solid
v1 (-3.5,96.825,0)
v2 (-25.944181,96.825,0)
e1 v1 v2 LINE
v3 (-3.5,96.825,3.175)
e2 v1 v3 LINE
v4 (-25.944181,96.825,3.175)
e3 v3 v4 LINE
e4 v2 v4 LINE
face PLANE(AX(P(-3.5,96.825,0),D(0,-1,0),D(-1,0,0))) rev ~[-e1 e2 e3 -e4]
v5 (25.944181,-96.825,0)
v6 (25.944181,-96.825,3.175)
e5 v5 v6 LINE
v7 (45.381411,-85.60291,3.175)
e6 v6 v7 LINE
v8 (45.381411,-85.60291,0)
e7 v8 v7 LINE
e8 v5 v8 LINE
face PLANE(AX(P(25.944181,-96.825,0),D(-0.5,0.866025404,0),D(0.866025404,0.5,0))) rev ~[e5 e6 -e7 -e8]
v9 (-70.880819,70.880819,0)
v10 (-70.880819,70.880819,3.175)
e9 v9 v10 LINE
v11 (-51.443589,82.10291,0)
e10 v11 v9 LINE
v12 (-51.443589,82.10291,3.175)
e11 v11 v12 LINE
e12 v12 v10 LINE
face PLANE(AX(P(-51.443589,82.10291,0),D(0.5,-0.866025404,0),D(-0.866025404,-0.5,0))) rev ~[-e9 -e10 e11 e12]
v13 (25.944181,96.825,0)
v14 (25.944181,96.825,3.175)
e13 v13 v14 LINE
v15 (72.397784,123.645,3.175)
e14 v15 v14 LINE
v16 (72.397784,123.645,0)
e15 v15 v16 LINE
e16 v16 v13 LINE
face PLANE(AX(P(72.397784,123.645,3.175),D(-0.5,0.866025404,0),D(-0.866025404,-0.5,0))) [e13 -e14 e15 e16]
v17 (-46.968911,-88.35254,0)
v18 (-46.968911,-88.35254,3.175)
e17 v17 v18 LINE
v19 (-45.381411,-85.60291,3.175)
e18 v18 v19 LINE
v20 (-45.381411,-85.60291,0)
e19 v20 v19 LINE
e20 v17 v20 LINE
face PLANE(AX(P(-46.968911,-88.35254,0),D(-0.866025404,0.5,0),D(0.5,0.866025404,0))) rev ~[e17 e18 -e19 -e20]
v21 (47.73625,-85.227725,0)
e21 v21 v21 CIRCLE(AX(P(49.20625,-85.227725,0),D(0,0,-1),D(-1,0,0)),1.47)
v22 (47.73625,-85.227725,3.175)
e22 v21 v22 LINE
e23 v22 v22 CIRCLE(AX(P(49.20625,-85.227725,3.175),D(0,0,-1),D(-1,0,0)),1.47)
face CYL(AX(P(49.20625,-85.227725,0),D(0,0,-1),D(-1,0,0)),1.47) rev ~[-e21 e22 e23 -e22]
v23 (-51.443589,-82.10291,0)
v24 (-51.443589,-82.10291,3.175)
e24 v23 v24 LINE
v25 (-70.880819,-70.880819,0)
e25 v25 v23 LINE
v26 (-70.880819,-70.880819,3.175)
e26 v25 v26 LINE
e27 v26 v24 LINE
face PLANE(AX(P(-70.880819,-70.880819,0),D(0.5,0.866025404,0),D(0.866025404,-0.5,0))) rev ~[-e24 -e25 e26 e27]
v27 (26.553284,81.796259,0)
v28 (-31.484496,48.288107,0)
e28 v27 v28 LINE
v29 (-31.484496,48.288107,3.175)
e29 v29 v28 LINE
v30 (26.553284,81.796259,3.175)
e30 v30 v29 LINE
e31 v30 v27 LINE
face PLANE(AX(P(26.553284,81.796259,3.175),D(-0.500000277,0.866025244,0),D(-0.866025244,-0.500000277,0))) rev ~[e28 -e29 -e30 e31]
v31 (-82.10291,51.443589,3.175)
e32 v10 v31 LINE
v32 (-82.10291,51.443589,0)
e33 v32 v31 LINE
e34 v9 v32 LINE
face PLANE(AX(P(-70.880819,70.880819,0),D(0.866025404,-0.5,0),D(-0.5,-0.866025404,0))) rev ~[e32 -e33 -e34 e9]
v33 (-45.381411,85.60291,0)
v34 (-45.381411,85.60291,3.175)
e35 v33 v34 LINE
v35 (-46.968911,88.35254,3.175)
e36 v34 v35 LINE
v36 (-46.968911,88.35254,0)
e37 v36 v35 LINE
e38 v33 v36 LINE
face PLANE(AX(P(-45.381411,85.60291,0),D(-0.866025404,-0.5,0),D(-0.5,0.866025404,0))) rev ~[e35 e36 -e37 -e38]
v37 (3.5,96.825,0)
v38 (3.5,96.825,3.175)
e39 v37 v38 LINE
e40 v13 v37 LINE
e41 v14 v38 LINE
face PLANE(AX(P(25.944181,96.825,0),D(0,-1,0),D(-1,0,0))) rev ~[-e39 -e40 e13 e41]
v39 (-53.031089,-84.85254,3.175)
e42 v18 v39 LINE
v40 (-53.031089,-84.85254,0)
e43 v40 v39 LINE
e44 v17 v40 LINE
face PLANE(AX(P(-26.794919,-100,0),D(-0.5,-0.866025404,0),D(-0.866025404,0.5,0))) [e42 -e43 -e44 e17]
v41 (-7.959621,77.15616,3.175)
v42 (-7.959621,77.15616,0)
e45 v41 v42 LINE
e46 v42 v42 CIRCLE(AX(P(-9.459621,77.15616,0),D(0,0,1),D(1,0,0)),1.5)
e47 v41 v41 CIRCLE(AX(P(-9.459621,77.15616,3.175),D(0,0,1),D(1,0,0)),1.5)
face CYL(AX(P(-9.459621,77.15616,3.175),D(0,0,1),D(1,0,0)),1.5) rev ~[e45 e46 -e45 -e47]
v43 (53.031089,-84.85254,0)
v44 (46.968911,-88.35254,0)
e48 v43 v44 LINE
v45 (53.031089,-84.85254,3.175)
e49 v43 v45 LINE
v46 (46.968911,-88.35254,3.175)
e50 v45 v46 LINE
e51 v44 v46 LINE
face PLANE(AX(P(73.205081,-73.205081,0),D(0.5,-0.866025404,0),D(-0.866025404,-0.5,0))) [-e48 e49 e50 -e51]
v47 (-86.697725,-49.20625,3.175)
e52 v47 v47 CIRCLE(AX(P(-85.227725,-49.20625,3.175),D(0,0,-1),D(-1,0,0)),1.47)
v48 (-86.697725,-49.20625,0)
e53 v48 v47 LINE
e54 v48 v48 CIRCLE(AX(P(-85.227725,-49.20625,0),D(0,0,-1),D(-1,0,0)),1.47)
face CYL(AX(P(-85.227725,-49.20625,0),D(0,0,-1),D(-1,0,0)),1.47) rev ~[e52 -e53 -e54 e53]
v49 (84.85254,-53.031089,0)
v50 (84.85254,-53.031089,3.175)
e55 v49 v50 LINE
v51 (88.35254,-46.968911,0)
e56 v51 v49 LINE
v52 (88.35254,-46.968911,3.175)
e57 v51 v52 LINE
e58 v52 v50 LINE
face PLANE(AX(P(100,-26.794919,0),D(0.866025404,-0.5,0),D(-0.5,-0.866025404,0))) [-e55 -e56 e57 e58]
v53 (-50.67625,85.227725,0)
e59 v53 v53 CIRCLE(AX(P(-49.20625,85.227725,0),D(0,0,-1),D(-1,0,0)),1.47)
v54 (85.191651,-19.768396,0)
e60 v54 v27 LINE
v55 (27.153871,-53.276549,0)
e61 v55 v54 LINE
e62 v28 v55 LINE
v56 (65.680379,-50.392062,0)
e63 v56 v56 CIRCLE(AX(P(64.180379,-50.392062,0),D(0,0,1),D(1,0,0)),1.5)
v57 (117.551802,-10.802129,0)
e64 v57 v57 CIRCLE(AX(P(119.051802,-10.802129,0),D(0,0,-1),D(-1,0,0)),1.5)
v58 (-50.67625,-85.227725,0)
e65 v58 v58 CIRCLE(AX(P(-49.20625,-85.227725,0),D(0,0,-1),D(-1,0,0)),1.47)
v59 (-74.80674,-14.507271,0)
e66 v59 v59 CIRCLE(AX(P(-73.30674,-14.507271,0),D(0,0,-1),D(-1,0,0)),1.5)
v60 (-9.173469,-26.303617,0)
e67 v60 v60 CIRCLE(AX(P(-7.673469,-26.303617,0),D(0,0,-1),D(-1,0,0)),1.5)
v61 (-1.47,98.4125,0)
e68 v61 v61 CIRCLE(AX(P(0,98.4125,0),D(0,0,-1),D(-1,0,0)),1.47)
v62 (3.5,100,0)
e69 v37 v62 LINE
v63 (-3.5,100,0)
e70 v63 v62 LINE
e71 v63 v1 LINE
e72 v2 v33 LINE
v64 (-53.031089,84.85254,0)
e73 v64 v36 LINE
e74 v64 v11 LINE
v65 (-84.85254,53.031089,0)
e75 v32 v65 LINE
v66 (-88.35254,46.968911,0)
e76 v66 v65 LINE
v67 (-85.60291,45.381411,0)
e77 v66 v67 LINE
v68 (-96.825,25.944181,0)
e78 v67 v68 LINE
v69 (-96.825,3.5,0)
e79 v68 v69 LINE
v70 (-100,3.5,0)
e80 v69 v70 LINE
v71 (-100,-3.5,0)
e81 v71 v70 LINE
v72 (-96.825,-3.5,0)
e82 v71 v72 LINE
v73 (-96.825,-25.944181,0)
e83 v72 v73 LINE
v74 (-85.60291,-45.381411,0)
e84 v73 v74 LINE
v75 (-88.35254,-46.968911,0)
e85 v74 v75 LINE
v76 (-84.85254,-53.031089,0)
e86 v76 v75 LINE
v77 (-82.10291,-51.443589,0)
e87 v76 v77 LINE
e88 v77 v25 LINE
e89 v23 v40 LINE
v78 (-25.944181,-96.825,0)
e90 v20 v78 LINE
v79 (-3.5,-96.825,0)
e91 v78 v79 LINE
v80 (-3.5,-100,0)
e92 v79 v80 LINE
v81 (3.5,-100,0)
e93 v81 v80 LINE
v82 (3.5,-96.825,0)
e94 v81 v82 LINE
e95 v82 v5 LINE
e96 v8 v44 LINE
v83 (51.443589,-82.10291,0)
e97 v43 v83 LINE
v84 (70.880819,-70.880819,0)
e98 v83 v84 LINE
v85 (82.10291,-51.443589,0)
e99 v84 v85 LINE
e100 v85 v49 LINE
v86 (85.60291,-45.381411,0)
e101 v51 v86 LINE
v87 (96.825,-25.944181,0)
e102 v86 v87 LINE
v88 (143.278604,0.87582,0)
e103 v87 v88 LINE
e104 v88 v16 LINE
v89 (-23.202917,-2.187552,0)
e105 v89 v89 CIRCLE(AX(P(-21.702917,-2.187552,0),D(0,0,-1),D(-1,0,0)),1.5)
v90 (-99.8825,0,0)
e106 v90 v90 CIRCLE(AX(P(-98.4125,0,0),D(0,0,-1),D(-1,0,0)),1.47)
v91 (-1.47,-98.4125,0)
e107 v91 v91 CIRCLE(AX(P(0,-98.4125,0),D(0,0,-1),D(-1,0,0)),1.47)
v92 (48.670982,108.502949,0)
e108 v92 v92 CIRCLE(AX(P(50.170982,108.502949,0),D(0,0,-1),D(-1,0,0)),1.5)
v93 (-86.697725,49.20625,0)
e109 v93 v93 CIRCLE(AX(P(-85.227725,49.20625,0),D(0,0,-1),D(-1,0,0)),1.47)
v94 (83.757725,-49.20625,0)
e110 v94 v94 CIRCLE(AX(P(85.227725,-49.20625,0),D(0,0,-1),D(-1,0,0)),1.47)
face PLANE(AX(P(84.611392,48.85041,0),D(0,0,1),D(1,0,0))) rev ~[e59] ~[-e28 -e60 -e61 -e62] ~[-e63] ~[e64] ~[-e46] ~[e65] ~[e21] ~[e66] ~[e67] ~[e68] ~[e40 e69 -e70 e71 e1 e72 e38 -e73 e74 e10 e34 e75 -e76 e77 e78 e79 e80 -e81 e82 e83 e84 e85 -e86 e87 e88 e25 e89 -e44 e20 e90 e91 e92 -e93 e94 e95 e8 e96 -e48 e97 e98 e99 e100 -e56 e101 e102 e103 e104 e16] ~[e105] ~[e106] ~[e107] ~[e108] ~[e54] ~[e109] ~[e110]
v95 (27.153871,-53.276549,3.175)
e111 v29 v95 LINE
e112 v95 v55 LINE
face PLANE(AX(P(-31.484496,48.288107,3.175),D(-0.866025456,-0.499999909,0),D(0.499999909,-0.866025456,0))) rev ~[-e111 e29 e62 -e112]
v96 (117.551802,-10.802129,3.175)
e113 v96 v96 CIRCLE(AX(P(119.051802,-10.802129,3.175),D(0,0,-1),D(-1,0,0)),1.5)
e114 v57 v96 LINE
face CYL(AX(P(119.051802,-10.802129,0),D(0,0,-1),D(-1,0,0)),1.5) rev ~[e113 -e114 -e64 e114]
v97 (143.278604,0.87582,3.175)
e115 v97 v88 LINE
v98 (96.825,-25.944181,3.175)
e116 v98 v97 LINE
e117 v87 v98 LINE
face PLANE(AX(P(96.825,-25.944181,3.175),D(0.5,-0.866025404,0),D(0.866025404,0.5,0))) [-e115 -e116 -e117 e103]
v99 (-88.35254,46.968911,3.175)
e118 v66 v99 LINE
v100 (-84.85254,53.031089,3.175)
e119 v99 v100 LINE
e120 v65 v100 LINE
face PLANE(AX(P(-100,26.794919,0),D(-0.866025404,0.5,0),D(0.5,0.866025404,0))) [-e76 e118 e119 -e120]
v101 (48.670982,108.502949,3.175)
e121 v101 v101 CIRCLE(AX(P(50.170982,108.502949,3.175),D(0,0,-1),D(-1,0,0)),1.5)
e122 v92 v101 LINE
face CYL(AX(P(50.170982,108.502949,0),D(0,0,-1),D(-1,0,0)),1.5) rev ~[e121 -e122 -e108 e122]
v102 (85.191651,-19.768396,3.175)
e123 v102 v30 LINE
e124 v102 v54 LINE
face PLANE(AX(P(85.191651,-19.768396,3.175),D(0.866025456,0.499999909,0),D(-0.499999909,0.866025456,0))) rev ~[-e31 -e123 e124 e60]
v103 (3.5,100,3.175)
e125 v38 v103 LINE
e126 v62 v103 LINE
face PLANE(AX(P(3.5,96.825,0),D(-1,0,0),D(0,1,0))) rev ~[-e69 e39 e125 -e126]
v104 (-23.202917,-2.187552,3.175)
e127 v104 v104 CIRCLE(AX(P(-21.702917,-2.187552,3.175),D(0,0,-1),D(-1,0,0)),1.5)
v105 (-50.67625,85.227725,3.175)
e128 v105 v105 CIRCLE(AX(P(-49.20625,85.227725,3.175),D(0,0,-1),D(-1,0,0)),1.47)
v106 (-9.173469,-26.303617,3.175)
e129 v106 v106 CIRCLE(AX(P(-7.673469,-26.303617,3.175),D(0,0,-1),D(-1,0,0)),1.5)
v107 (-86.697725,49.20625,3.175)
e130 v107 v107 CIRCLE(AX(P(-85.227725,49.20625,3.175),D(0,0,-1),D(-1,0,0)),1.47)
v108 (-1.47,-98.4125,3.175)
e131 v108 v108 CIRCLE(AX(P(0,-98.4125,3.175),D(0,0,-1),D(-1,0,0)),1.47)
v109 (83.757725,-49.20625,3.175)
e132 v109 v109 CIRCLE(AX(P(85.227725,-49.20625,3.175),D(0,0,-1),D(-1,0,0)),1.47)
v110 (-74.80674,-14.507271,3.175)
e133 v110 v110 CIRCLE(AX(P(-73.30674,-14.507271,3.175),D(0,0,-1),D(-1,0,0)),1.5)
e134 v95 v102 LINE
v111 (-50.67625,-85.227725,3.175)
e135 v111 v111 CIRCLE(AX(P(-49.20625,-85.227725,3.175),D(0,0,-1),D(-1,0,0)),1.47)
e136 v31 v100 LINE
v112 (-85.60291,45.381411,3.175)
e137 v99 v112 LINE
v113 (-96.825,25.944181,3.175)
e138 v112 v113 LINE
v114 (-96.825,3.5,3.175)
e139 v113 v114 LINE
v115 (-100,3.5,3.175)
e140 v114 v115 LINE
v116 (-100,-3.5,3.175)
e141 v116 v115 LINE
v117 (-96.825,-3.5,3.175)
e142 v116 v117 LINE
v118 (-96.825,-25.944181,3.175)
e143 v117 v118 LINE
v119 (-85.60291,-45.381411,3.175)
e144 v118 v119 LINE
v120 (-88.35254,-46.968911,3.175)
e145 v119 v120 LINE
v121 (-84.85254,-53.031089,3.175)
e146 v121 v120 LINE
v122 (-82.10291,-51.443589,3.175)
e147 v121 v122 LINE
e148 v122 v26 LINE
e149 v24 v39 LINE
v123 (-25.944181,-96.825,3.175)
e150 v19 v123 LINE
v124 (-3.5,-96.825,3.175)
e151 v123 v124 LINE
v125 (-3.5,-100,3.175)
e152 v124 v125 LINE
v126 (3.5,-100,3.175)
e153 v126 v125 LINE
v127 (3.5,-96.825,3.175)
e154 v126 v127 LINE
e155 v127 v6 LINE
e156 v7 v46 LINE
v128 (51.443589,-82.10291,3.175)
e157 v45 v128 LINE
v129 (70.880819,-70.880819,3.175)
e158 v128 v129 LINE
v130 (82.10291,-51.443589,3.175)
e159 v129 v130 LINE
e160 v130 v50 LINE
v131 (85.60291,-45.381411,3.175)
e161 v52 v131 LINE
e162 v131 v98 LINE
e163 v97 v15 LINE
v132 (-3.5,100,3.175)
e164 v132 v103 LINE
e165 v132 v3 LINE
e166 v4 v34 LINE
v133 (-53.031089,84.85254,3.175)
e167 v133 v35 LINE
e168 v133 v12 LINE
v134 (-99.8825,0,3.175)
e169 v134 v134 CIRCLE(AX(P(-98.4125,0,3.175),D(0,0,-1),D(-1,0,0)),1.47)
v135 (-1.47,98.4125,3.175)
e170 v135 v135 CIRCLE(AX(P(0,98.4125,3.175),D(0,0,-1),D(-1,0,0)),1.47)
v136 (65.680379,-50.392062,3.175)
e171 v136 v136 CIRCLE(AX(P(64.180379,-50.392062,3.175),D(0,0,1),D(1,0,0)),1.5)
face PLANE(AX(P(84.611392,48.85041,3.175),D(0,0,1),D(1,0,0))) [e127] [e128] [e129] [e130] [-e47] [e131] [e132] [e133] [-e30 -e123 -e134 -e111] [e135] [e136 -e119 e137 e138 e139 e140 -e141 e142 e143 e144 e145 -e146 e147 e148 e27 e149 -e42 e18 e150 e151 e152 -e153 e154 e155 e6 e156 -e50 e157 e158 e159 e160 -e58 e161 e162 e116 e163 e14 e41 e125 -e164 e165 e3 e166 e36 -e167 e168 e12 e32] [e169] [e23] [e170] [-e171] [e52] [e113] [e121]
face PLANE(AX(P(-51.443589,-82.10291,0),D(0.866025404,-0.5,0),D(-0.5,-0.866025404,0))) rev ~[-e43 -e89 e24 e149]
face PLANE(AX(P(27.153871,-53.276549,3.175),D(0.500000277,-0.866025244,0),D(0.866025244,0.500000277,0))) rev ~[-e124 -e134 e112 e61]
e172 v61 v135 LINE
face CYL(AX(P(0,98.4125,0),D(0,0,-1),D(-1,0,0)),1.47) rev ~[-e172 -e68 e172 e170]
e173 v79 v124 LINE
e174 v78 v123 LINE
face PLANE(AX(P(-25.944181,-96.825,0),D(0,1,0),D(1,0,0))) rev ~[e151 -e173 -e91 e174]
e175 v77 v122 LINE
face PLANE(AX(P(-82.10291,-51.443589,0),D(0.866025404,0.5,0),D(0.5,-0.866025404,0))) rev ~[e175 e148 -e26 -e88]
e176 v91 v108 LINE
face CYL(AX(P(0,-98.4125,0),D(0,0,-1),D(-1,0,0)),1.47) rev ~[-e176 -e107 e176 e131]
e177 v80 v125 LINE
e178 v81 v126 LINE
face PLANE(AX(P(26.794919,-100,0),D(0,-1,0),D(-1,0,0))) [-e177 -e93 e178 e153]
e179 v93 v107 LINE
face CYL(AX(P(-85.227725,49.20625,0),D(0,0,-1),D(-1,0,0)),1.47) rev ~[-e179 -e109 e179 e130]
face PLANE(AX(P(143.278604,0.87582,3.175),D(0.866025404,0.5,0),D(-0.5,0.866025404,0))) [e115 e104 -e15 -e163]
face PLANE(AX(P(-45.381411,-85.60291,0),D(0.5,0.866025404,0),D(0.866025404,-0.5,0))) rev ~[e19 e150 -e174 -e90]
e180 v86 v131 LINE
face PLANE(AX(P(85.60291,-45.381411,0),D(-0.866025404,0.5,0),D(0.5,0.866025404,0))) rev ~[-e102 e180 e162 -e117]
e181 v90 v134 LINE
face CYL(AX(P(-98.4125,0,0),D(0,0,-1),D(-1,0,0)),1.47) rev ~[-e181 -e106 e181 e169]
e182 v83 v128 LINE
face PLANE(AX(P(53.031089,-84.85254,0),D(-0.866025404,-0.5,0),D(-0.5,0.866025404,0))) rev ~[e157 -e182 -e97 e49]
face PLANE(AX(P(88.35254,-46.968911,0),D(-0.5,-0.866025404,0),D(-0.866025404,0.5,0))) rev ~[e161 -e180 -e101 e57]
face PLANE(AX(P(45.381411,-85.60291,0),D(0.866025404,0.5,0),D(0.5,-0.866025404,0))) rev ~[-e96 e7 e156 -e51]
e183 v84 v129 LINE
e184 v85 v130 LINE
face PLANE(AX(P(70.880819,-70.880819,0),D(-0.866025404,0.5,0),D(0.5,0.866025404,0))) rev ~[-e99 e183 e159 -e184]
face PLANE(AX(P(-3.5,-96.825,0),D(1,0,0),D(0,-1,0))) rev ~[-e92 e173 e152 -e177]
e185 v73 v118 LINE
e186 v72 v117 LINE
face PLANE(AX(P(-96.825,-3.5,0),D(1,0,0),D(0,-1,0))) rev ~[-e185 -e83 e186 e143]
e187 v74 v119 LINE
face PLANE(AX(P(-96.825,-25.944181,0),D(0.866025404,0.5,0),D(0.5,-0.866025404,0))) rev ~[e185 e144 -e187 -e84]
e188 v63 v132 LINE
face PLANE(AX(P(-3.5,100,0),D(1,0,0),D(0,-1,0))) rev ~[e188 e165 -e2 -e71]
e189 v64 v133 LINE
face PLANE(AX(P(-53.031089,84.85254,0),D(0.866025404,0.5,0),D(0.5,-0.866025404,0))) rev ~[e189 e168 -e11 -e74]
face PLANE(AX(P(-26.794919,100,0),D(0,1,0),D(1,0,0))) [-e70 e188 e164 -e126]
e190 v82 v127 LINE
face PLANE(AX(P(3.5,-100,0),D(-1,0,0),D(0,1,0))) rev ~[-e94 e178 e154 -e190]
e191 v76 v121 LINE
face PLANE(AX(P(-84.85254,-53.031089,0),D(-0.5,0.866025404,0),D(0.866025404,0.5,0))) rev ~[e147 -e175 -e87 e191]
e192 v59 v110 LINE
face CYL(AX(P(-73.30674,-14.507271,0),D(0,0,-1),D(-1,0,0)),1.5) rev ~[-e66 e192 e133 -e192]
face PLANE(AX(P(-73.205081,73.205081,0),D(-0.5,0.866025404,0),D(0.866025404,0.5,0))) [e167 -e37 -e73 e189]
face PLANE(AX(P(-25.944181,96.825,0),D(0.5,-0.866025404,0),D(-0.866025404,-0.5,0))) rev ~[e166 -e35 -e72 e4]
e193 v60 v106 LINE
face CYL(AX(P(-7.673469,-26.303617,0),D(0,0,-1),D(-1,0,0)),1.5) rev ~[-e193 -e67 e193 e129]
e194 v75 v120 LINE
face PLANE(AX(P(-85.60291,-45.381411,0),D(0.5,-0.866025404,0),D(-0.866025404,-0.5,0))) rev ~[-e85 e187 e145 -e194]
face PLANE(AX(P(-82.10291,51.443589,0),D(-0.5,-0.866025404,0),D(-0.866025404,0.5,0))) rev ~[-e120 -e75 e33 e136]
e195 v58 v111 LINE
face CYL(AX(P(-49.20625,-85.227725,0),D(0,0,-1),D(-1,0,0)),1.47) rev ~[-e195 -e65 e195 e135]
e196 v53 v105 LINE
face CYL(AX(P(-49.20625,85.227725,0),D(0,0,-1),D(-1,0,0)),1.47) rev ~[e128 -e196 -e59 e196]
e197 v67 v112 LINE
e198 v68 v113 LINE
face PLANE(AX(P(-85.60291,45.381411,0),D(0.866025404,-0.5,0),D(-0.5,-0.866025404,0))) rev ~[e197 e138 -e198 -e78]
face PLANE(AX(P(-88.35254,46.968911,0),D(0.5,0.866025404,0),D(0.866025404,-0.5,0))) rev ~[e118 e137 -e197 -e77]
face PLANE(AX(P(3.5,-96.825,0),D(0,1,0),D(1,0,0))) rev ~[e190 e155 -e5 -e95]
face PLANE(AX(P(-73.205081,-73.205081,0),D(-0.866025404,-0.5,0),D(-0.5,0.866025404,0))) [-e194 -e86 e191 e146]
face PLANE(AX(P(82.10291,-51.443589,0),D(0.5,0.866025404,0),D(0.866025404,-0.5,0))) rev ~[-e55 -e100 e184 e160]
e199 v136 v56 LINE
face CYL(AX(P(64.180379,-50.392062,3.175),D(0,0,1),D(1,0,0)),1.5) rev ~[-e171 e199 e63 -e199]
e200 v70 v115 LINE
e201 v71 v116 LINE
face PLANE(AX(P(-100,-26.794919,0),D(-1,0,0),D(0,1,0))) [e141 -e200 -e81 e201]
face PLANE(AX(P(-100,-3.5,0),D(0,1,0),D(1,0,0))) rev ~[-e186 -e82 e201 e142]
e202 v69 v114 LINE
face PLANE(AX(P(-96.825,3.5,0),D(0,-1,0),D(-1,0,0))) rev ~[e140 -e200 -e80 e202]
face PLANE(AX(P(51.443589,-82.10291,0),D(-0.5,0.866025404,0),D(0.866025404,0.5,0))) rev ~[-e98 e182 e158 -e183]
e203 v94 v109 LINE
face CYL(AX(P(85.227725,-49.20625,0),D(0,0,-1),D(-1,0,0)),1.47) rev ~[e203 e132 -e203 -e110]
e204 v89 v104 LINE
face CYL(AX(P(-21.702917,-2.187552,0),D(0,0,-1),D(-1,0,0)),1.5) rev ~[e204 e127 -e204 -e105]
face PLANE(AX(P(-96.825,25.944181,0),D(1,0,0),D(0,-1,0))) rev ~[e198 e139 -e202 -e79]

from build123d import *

# Parameters (mm, degrees)
BOSS_EXTRUDE1_DEPTH = 3.175
SKETCH3_R           = 1.47
CUT_EXTRUDE5_DEPTH  = 10
CUT_EXTRUDE6_DEPTH  = 10
BOSS_EXTRUDE2_DEPTH = 3.175
SKETCH7_R           = 1.5
CUT_EXTRUDE7_DEPTH  = 10
SKETCH9_R           = 1.5
CUT_EXTRUDE9_DEPTH  = 10
CUT_EXTRUDE10_DEPTH = 10
SKETCH11_R          = 1.5
CUT_EXTRUDE11_DEPTH = 10


with BuildPart() as part:
    # Sketch1 → Boss-Extrude1 (new body)
    with BuildSketch(Plane.XY):
        Polygon((-26.794919243, 100), (26.794919243, 100), (73.205080757, 73.205080757), (100, 26.794919243), (100, -26.794919243), (73.205080757, -73.205080757), (26.794919243, -100), (-26.794919243, -100), (-73.205080757, -73.205080757), (-100, -26.794919243), (-100, 26.794919243), (-73.205080757, 73.205080757), align=None)
    extrude(amount=BOSS_EXTRUDE1_DEPTH)

    # Sketch3 → Cut-Extrude5 (cut)
    with BuildSketch(Plane(origin=(0, 0, 0), x_dir=(-1, 0, 0), z_dir=(0, 0, -1))):
        Polygon((51.443588913, -82.102909721), (53.031088913, -84.852540378), (73.205080757, -73.205080757), (84.852540378, -53.031088913), (82.102909721, -51.443588913), (70.880819443, -70.880819443), align=None)
        Polygon((-26.794919243, -100), (-3.5, -100), (-3.5, -96.825), (-25.944180557, -96.825), (-45.381411087, -85.602909721), (-46.968911087, -88.352540378), align=None)
        Polygon((-73.205080757, -73.205080757), (-53.031088913, -84.852540378), (-51.443588913, -82.102909721), (-70.880819443, -70.880819443), (-82.102909721, -51.443588913), (-84.852540378, -53.031088913), align=None)
        with Locations((-49.20625, -85.22772505)):
            Circle(SKETCH3_R)
        Polygon((-100, -26.794919243), (-88.352540378, -46.968911087), (-85.602909721, -45.381411087), (-96.825, -25.944180557), (-96.825, -3.5), (-100, -3.5), align=None)
        Polygon((-100, 26.794919243), (-100, 3.5), (-96.825, 3.5), (-96.825, 25.944180557), (-85.602909721, 45.381411087), (-88.352540378, 46.968911087), align=None)
        Polygon((-26.794919243, 100), (-46.968911087, 88.352540378), (-45.381411087, 85.602909721), (-25.944180557, 96.825), (-3.5, 96.825), (-3.5, 100), align=None)
        Polygon((26.794919243, 100), (3.5, 100), (3.5, 96.825), (25.944180557, 96.825), (45.381411087, 85.602909721), (46.968911087, 88.352540378), align=None)
        Polygon((73.205080757, 73.205080757), (53.031088913, 84.852540378), (51.443588913, 82.102909721), (70.880819443, 70.880819443), (82.102909721, 51.443588913), (84.852540378, 53.031088913), align=None)
        with Locations((-85.22772505, 49.20625)):
            Circle(SKETCH3_R)
        with Locations((-49.20625, 85.22772505)):
            Circle(SKETCH3_R)
        with Locations((0, 98.4125)):
            Circle(SKETCH3_R)
        with Locations((49.20625, 85.22772505)):
            Circle(SKETCH3_R)
        with Locations((85.22772505, 49.20625)):
            Circle(SKETCH3_R)
        with Locations((98.4125, 0)):
            Circle(SKETCH3_R)
        Polygon((96.825, -3.5), (96.825, -25.944180557), (85.602909721, -45.381411087), (88.352540378, -46.968911087), (100, -26.794919243), (100, -3.5), align=None)
        with Locations((85.22772505, -49.20625)):
            Circle(SKETCH3_R)
        Polygon((45.381411087, -85.602909721), (25.944180557, -96.825), (3.5, -96.825), (3.5, -100), (26.794919243, -100), (46.968911087, -88.352540378), align=None)
        with Locations((0, -98.4125)):
            Circle(SKETCH3_R)
        with Locations((49.20625, -85.22772505)):
            Circle(SKETCH3_R)
        with Locations((-85.22772505, -49.20625)):
            Circle(SKETCH3_R)
        with Locations((-98.4125, 0)):
            Circle(SKETCH3_R)
        Polygon((-82.102909721, 51.443588913), (-70.880819443, 70.880819443), (-51.443588913, 82.102909721), (-53.031088913, 84.852540378), (-73.205080757, 73.205080757), (-84.852540378, 53.031088913), align=None)
        Polygon((100, 26.794919243), (88.352540378, 46.968911087), (85.602909721, 45.381411087), (96.825, 25.944180557), (96.825, 3.5), (100, 3.5), align=None)
    extrude(amount=-CUT_EXTRUDE5_DEPTH, mode=Mode.SUBTRACT)

    # Sketch4 → Cut-Extrude6 (cut)
    with BuildSketch(Plane.XY.offset(3.175)):
        Polygon((27.531680557, 99.574630657), (25.944180557, 96.825), (96.825, -25.944180557), (100, -25.944180557), (100, 27.816263625), (73.190593106, 73.213445206), align=None)
    extrude(amount=-CUT_EXTRUDE6_DEPTH, mode=Mode.SUBTRACT)

    # Sketch5 → Boss-Extrude2 (add)
    with BuildSketch(Plane.XY.offset(3.175)):
        Polygon((96.825, -25.944180557), (143.278603525, 0.875819943), (72.397784082, 123.6450005), (25.944180557, 96.825), align=None)
    extrude(amount=-BOSS_EXTRUDE2_DEPTH)

    # Sketch7 → Cut-Extrude7 (cut)
    with BuildSketch(Plane(origin=(0, 0, 0), x_dir=(-1, 0, 0), z_dir=(0, 0, -1))):
        with Locations((-119.051801763, -10.8021295)):
            Circle(SKETCH7_R)
        with Locations((-50.17098232, 108.502949442)):
            Circle(SKETCH7_R)
    extrude(amount=-CUT_EXTRUDE7_DEPTH, mode=Mode.SUBTRACT)

    # Sketch9 → Cut-Extrude9 (cut)
    with BuildSketch(Plane(origin=(0, 0, 0), x_dir=(-1, 0, 0), z_dir=(0, 0, -1))):
        with Locations((73.306739868, -14.507270856)):
            Circle(SKETCH9_R)
        with Locations((21.70291705, -2.187552088)):
            Circle(SKETCH9_R)
        with Locations((7.673469234, -26.303617148)):
            Circle(SKETCH9_R)
    extrude(amount=-CUT_EXTRUDE9_DEPTH, mode=Mode.SUBTRACT)

    # Sketch10 → Cut-Extrude10 (cut)
    with BuildSketch(Plane.XY.offset(3.175)):
        Polygon((27.153871113, -53.276548933), (85.191651102, -19.768396257), (26.553283992, 81.796259373), (-31.484495997, 48.288106697), align=None)
    extrude(amount=-CUT_EXTRUDE10_DEPTH, mode=Mode.SUBTRACT)

    # Sketch11 → Cut-Extrude11 (cut)
    with BuildSketch(Plane.XY.offset(3.175)):
        with Locations((64.18037908, -50.392061509)):
            Circle(SKETCH11_R)
        with Locations((-9.45962092, 77.156159961)):
            Circle(SKETCH11_R)
    extrude(amount=-CUT_EXTRUDE11_DEPTH, mode=Mode.SUBTRACT)


solid = part.part
